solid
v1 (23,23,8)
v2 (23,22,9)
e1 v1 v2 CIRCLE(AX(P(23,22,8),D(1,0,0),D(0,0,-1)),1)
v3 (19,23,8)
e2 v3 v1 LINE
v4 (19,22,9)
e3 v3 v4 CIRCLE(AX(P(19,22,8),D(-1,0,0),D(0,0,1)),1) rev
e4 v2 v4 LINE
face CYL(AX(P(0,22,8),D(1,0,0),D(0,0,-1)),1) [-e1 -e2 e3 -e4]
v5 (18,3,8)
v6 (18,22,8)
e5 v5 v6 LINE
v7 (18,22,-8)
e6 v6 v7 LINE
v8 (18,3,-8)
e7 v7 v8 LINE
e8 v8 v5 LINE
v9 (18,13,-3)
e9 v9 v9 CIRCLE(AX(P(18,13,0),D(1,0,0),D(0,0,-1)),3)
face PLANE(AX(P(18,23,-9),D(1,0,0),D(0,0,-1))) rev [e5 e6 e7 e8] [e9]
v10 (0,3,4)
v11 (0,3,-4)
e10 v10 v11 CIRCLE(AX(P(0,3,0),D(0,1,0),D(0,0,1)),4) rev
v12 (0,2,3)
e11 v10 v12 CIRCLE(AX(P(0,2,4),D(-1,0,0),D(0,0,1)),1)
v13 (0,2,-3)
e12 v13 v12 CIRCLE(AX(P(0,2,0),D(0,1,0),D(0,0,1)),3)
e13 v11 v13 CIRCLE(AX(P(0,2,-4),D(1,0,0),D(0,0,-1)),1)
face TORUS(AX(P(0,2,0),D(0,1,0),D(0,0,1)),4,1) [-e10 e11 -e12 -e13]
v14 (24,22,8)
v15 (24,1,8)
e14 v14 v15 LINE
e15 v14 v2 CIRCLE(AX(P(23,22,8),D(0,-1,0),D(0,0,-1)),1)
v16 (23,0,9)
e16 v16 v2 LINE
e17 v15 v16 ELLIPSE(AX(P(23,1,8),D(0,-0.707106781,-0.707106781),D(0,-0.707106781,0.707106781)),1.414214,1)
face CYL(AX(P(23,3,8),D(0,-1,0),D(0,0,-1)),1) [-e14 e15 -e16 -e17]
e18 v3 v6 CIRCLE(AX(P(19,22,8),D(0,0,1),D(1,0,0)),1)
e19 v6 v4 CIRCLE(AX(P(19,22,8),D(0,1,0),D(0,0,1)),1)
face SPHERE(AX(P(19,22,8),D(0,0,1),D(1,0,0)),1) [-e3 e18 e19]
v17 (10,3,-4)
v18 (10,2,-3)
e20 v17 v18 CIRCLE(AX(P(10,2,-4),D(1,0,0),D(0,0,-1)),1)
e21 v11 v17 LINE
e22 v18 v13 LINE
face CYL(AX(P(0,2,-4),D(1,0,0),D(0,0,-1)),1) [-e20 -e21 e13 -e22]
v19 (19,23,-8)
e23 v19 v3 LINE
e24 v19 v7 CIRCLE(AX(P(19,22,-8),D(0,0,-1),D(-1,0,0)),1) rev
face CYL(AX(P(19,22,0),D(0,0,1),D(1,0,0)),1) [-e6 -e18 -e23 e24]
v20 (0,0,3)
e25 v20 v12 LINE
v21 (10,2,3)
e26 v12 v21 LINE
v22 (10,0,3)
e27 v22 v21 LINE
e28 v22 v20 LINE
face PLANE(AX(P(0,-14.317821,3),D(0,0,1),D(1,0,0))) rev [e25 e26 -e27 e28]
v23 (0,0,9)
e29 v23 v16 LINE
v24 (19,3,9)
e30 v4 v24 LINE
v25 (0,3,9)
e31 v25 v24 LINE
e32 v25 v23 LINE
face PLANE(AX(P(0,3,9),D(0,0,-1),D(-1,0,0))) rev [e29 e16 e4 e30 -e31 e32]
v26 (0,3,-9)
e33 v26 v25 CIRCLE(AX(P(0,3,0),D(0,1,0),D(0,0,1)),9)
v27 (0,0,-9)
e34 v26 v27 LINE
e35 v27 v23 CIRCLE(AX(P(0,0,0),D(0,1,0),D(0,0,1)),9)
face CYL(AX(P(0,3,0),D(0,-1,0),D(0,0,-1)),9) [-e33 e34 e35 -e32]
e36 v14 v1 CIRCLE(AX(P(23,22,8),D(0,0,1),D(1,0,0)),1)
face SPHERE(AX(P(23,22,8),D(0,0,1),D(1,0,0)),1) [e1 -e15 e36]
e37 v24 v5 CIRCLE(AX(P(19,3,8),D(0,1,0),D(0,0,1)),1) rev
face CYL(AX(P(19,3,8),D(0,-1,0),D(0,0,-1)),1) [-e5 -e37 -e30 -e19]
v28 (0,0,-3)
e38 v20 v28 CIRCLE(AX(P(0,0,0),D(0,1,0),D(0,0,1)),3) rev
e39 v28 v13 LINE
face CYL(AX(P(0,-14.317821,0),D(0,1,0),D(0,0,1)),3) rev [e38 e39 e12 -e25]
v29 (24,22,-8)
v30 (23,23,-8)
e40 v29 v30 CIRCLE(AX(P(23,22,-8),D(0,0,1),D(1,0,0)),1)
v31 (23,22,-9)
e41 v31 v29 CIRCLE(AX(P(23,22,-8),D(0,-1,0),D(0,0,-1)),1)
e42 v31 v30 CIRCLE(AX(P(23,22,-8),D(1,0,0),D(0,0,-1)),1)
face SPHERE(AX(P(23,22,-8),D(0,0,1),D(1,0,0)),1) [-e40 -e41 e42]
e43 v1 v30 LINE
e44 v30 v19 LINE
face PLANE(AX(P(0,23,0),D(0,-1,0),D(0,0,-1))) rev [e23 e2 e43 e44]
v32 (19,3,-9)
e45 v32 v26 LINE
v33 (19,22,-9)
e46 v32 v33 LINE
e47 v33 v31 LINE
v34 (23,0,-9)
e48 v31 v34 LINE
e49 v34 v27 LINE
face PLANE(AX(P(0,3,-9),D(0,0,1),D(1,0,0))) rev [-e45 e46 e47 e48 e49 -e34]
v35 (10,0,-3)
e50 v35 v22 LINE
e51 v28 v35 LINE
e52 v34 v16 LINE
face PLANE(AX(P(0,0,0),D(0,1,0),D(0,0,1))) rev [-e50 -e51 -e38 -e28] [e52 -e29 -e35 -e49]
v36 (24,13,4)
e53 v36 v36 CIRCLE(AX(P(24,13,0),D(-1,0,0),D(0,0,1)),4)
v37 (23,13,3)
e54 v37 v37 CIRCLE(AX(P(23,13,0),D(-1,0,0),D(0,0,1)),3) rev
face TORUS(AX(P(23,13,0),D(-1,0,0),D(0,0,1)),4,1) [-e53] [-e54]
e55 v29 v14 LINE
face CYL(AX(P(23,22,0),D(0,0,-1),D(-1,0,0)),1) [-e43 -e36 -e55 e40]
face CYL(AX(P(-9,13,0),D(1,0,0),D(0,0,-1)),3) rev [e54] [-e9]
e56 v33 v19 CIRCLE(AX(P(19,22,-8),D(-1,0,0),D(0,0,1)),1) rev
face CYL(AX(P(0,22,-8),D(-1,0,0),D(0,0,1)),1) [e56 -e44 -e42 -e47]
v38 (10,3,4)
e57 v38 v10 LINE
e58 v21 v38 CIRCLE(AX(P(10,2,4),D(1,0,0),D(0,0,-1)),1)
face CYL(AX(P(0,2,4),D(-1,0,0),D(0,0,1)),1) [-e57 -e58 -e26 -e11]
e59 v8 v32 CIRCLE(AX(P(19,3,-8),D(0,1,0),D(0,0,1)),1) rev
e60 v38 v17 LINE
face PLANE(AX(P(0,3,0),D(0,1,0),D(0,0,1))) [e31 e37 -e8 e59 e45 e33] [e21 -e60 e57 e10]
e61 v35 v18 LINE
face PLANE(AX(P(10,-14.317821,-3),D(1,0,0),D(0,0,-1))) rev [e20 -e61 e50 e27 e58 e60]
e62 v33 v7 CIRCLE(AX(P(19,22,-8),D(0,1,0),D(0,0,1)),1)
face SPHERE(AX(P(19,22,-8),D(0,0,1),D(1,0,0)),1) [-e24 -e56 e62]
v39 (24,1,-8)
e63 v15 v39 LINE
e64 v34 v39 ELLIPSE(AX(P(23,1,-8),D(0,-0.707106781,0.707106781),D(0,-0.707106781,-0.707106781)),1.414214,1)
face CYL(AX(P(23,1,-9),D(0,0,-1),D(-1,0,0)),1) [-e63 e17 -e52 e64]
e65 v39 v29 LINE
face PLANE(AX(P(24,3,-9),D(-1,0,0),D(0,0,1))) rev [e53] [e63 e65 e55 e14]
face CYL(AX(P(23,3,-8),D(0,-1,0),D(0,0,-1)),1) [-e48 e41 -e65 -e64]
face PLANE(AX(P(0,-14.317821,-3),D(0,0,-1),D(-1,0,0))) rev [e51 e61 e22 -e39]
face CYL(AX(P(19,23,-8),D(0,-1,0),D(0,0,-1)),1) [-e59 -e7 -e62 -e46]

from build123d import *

# Parameters (mm, degrees)
BOSS_EXTRUDE1_DEPTH = 3
CUT_EXTRUDE1_DEPTH  = 3
SKETCH3_W           = 6
SKETCH3_H           = 18
BOSS_EXTRUDE2_DEPTH = 20
FILLET1_R           = 1
FILLET3_R           = 1
FILLET6_R           = 1
SKETCH4_R           = 3
CUT_EXTRUDE2_DEPTH  = 42.218927691
FILLET7_R           = 1


with BuildPart() as part:
    # Sketch1 → Boss-Extrude1 (new body)
    with BuildSketch(Plane(origin=(0, 0, 0), x_dir=(1, 0, 0), z_dir=(0, 1, 0))):
        with BuildLine():
            Line((0, 9), (24, 9))
            Line((24, 9), (24, -9))
            Line((24, -9), (0, -9))
            ThreePointArc((0, -9), (-9, 0), (0, 9))
        make_face()
    extrude(amount=BOSS_EXTRUDE1_DEPTH)

    # Sketch2 → Cut-Extrude1 (cut)
    with BuildSketch(Plane(origin=(0, 3, 0), x_dir=(1, 0, 0), z_dir=(0, 1, 0))):
        with BuildLine():
            Line((0, 3), (10, 3))
            Line((10, 3), (10, -3))
            Line((10, -3), (0, -3))
            ThreePointArc((0, -3), (-3, 0), (0, 3))
        make_face()
    extrude(amount=-CUT_EXTRUDE1_DEPTH, mode=Mode.SUBTRACT)

    # Sketch3 → Boss-Extrude2 (add)
    with BuildSketch(Plane(origin=(0, 3, 0), x_dir=(1, 0, 0), z_dir=(0, 1, 0))):
        with Locations((21, 0)):
            Rectangle(SKETCH3_W, SKETCH3_H)
    extrude(amount=BOSS_EXTRUDE2_DEPTH)

    # Fillet1
    fillet1_edges = [part.edges().sort_by_distance(p)[0] for p in [
        (24, 0, 0),
        (24, 11.5, 9),
        (24, 11.5, -9),
    ]]
    fillet(fillet1_edges, radius=FILLET1_R)

    # Fillet3
    fillet3_edges = [part.edges().sort_by_distance(p)[0] for p in [
        (23.707106781, 23, 8.707106781),
        (23.707106781, 23, -8.707106781),
        (18, 23, 0),
        (20.5, 23, -9),
        (20.5, 23, 9),
        (24, 23, 0),
        (18, 13, 9),
        (18, 13, -9),
    ]]
    fillet(fillet3_edges, radius=FILLET3_R)

    # Fillet6
    fillet6_edges = [part.edges().sort_by_distance(p)[0] for p in [
        (-3, 3, 0),
        (5, 3, 3),
        (5, 3, -3),
    ]]
    fillet(fillet6_edges, radius=FILLET6_R)

    # Sketch4 → Cut-Extrude2 (cut, through all)
    with BuildSketch(Plane(origin=(24, 0, 0), x_dir=(0, 0, -1), z_dir=(1, 0, 0))):
        with Locations((0, 13)):
            Circle(SKETCH4_R)
    extrude(amount=-CUT_EXTRUDE2_DEPTH, mode=Mode.SUBTRACT)

    # Fillet7
    fillet7_edges = [part.edges().sort_by_distance(p)[0] for p in [
        (24, 13, 3),
    ]]
    fillet(fillet7_edges, radius=FILLET7_R)


solid = part.part
